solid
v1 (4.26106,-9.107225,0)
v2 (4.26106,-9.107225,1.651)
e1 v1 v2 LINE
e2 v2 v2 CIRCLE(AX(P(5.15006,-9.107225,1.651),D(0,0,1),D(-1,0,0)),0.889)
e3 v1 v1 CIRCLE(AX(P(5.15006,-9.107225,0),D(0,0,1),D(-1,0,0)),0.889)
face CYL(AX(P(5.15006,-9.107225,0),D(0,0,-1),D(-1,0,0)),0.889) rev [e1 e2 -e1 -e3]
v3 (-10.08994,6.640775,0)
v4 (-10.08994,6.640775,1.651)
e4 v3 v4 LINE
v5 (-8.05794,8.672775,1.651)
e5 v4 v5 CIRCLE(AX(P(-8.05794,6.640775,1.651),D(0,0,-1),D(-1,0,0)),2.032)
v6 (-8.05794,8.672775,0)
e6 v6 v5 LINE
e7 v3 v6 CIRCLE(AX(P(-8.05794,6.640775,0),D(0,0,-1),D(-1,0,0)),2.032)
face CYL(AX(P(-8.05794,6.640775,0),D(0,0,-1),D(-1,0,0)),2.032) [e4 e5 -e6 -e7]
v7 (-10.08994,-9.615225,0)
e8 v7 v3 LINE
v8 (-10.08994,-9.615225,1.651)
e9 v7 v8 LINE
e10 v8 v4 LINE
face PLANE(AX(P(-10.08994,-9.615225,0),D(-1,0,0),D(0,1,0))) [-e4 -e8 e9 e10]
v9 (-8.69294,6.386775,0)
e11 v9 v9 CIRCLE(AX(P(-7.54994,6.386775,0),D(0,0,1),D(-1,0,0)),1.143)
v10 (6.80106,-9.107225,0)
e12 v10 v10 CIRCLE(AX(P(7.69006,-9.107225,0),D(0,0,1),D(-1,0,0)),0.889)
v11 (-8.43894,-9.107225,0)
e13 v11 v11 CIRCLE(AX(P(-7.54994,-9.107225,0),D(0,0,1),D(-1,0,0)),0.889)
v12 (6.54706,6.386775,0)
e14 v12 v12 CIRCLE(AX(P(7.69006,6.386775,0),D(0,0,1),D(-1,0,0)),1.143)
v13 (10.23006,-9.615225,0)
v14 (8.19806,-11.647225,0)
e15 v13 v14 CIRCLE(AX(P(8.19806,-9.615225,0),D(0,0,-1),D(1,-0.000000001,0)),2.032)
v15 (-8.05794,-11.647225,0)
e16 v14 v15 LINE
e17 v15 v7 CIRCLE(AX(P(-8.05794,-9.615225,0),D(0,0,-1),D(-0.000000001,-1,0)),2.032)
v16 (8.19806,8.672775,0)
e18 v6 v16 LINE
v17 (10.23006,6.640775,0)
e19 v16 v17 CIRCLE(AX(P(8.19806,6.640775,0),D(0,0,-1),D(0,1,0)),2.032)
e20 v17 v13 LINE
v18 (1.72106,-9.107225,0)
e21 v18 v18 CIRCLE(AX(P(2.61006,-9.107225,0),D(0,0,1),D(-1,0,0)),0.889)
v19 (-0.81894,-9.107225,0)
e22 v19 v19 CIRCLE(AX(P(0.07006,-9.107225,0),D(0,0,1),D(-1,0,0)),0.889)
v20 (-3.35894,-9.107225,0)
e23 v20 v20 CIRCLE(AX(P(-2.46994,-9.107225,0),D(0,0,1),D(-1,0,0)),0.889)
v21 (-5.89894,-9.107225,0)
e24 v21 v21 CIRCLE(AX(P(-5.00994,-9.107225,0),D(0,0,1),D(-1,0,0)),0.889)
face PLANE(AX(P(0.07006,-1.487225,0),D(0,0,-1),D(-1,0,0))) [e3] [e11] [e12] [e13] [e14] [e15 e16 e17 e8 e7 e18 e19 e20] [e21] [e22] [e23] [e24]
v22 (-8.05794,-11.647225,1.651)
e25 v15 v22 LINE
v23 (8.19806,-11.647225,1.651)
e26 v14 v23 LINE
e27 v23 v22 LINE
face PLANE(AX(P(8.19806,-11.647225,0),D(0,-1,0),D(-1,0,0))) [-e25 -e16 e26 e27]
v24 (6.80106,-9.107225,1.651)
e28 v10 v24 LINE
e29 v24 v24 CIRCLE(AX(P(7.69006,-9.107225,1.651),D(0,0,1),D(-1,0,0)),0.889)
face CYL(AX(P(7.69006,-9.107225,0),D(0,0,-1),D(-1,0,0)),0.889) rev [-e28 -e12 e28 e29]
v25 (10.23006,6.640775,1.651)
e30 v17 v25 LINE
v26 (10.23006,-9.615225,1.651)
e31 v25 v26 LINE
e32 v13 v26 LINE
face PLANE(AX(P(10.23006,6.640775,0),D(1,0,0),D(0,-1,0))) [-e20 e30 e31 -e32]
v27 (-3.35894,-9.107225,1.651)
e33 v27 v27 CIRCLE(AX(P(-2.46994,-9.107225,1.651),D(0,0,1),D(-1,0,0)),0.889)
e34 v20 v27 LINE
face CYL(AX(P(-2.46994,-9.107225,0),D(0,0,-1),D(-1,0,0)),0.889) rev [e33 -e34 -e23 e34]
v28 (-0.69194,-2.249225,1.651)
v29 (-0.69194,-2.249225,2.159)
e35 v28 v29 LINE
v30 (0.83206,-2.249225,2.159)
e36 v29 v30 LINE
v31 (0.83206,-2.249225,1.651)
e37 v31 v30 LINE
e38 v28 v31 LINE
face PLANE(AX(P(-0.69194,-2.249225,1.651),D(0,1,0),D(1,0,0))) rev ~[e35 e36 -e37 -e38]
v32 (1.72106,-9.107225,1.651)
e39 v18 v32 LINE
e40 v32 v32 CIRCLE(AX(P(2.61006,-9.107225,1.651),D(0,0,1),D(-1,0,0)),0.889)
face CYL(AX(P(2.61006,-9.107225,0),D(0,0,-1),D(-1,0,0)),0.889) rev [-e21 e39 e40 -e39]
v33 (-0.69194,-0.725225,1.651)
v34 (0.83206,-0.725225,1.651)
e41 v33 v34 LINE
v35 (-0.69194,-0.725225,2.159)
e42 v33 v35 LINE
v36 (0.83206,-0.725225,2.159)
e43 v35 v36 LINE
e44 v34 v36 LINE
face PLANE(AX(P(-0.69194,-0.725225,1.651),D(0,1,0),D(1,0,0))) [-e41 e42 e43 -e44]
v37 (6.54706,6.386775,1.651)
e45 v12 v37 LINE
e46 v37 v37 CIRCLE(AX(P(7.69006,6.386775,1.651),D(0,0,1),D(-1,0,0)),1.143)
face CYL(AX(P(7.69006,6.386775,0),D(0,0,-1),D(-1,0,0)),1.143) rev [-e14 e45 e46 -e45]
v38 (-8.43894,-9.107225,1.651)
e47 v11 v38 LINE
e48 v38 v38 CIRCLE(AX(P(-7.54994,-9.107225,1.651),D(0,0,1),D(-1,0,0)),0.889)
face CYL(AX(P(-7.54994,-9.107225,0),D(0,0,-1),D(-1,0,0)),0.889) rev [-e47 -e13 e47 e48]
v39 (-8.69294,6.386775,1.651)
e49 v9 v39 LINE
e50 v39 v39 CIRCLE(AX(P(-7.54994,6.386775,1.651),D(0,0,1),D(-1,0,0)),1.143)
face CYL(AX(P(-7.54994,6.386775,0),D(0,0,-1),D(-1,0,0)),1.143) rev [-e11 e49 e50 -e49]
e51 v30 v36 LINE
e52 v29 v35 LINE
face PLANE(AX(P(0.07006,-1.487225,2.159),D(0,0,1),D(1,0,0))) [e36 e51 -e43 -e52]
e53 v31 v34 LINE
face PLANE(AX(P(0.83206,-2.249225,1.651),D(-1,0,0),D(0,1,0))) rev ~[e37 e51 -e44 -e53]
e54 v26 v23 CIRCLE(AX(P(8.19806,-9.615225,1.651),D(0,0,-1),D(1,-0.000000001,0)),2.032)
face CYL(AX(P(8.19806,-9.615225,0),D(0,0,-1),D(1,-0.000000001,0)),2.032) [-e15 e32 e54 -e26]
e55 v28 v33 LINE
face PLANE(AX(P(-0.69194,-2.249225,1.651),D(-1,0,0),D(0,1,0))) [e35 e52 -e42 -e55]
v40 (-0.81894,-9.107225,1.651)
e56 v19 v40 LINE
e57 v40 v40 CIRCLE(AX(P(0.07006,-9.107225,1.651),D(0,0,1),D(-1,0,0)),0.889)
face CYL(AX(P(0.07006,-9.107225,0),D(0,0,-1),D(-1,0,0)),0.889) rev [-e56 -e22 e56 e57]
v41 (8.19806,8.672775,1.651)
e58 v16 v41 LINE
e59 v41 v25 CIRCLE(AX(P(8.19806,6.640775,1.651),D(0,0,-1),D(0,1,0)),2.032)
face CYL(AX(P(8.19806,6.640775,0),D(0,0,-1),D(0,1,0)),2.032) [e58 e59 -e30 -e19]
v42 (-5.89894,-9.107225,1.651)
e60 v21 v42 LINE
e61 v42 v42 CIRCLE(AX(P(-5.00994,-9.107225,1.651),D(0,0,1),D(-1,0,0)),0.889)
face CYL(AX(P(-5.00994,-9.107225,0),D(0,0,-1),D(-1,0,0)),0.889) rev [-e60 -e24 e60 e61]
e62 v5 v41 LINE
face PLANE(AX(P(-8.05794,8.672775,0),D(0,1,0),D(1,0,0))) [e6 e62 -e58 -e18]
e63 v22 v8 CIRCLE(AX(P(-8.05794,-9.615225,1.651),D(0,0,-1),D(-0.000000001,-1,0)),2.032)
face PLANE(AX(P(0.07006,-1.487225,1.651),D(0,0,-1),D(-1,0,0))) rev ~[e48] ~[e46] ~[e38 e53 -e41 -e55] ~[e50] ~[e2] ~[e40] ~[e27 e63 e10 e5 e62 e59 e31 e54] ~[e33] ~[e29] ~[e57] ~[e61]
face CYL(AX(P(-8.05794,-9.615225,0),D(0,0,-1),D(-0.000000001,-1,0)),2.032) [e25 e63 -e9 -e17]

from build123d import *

# Parameters (mm, degrees)
SKETCH1_R           = 1.143
SKETCH1_R_2         = 0.889
BOSS_EXTRUDE1_DEPTH = 1.651
SKETCH2_W           = 1.524
SKETCH2_H           = 1.524
BOSS_EXTRUDE2_DEPTH = 0.508


with BuildPart() as part:
    # Sketch1 → Boss-Extrude1 (new body)
    with BuildSketch(Plane.XY):
        with BuildLine():
            Line((-8.057940151, 8.672775064), (8.198059849, 8.672775064))
            ThreePointArc((8.198059849, 8.672775064), (9.634900828, 8.077616044), (10.230059849, 6.640775064))
            Line((10.230059849, 6.640775064), (10.230059849, -9.615224936))
            ThreePointArc((10.230059849, -9.615224936), (9.634900828, -11.052065915), (8.198059849, -11.647224936))
            Line((8.198059849, -11.647224936), (-8.057940151, -11.647224936))
            ThreePointArc((-8.057940151, -11.647224936), (-9.49478113, -11.052065915), (-10.089940151, -9.615224936))
            Line((-10.089940151, -9.615224936), (-10.089940151, 6.640775064))
            ThreePointArc((-10.089940151, 6.640775064), (-9.49478113, 8.077616044), (-8.057940151, 8.672775064))
        make_face()
        with Locations(Location((-7.549940151, 6.386775064, 0), (0, 0, 180))):
            Circle(SKETCH1_R, mode=Mode.SUBTRACT)
        with Locations(Location((7.690059849, 6.386775064, 0), (0, 0, 180))):
            Circle(SKETCH1_R, mode=Mode.SUBTRACT)
        with Locations(Location((0.070059849, -9.107224936, 0), (0, 0, 180))):
            Circle(SKETCH1_R_2, mode=Mode.SUBTRACT)
        with Locations(Location((2.610059849, -9.107224936, 0), (0, 0, 180))):
            Circle(SKETCH1_R_2, mode=Mode.SUBTRACT)
        with Locations(Location((5.150059849, -9.107224936, 0), (0, 0, 180))):
            Circle(SKETCH1_R_2, mode=Mode.SUBTRACT)
        with Locations(Location((7.690059849, -9.107224936, 0), (0, 0, 180))):
            Circle(SKETCH1_R_2, mode=Mode.SUBTRACT)
        with Locations(Location((-2.469940151, -9.107224936, 0), (0, 0, 180))):
            Circle(SKETCH1_R_2, mode=Mode.SUBTRACT)
        with Locations(Location((-5.009940151, -9.107224936, 0), (0, 0, 180))):
            Circle(SKETCH1_R_2, mode=Mode.SUBTRACT)
        with Locations(Location((-7.549940151, -9.107224936, 0), (0, 0, 180))):
            Circle(SKETCH1_R_2, mode=Mode.SUBTRACT)
    extrude(amount=BOSS_EXTRUDE1_DEPTH)

    # Sketch2 → Boss-Extrude2 (add)
    with BuildSketch(Plane.XY.offset(1.651)):
        with Locations((0.070059849, -1.487224936)):
            Rectangle(SKETCH2_W, SKETCH2_H)
    extrude(amount=BOSS_EXTRUDE2_DEPTH)


solid = part.part
